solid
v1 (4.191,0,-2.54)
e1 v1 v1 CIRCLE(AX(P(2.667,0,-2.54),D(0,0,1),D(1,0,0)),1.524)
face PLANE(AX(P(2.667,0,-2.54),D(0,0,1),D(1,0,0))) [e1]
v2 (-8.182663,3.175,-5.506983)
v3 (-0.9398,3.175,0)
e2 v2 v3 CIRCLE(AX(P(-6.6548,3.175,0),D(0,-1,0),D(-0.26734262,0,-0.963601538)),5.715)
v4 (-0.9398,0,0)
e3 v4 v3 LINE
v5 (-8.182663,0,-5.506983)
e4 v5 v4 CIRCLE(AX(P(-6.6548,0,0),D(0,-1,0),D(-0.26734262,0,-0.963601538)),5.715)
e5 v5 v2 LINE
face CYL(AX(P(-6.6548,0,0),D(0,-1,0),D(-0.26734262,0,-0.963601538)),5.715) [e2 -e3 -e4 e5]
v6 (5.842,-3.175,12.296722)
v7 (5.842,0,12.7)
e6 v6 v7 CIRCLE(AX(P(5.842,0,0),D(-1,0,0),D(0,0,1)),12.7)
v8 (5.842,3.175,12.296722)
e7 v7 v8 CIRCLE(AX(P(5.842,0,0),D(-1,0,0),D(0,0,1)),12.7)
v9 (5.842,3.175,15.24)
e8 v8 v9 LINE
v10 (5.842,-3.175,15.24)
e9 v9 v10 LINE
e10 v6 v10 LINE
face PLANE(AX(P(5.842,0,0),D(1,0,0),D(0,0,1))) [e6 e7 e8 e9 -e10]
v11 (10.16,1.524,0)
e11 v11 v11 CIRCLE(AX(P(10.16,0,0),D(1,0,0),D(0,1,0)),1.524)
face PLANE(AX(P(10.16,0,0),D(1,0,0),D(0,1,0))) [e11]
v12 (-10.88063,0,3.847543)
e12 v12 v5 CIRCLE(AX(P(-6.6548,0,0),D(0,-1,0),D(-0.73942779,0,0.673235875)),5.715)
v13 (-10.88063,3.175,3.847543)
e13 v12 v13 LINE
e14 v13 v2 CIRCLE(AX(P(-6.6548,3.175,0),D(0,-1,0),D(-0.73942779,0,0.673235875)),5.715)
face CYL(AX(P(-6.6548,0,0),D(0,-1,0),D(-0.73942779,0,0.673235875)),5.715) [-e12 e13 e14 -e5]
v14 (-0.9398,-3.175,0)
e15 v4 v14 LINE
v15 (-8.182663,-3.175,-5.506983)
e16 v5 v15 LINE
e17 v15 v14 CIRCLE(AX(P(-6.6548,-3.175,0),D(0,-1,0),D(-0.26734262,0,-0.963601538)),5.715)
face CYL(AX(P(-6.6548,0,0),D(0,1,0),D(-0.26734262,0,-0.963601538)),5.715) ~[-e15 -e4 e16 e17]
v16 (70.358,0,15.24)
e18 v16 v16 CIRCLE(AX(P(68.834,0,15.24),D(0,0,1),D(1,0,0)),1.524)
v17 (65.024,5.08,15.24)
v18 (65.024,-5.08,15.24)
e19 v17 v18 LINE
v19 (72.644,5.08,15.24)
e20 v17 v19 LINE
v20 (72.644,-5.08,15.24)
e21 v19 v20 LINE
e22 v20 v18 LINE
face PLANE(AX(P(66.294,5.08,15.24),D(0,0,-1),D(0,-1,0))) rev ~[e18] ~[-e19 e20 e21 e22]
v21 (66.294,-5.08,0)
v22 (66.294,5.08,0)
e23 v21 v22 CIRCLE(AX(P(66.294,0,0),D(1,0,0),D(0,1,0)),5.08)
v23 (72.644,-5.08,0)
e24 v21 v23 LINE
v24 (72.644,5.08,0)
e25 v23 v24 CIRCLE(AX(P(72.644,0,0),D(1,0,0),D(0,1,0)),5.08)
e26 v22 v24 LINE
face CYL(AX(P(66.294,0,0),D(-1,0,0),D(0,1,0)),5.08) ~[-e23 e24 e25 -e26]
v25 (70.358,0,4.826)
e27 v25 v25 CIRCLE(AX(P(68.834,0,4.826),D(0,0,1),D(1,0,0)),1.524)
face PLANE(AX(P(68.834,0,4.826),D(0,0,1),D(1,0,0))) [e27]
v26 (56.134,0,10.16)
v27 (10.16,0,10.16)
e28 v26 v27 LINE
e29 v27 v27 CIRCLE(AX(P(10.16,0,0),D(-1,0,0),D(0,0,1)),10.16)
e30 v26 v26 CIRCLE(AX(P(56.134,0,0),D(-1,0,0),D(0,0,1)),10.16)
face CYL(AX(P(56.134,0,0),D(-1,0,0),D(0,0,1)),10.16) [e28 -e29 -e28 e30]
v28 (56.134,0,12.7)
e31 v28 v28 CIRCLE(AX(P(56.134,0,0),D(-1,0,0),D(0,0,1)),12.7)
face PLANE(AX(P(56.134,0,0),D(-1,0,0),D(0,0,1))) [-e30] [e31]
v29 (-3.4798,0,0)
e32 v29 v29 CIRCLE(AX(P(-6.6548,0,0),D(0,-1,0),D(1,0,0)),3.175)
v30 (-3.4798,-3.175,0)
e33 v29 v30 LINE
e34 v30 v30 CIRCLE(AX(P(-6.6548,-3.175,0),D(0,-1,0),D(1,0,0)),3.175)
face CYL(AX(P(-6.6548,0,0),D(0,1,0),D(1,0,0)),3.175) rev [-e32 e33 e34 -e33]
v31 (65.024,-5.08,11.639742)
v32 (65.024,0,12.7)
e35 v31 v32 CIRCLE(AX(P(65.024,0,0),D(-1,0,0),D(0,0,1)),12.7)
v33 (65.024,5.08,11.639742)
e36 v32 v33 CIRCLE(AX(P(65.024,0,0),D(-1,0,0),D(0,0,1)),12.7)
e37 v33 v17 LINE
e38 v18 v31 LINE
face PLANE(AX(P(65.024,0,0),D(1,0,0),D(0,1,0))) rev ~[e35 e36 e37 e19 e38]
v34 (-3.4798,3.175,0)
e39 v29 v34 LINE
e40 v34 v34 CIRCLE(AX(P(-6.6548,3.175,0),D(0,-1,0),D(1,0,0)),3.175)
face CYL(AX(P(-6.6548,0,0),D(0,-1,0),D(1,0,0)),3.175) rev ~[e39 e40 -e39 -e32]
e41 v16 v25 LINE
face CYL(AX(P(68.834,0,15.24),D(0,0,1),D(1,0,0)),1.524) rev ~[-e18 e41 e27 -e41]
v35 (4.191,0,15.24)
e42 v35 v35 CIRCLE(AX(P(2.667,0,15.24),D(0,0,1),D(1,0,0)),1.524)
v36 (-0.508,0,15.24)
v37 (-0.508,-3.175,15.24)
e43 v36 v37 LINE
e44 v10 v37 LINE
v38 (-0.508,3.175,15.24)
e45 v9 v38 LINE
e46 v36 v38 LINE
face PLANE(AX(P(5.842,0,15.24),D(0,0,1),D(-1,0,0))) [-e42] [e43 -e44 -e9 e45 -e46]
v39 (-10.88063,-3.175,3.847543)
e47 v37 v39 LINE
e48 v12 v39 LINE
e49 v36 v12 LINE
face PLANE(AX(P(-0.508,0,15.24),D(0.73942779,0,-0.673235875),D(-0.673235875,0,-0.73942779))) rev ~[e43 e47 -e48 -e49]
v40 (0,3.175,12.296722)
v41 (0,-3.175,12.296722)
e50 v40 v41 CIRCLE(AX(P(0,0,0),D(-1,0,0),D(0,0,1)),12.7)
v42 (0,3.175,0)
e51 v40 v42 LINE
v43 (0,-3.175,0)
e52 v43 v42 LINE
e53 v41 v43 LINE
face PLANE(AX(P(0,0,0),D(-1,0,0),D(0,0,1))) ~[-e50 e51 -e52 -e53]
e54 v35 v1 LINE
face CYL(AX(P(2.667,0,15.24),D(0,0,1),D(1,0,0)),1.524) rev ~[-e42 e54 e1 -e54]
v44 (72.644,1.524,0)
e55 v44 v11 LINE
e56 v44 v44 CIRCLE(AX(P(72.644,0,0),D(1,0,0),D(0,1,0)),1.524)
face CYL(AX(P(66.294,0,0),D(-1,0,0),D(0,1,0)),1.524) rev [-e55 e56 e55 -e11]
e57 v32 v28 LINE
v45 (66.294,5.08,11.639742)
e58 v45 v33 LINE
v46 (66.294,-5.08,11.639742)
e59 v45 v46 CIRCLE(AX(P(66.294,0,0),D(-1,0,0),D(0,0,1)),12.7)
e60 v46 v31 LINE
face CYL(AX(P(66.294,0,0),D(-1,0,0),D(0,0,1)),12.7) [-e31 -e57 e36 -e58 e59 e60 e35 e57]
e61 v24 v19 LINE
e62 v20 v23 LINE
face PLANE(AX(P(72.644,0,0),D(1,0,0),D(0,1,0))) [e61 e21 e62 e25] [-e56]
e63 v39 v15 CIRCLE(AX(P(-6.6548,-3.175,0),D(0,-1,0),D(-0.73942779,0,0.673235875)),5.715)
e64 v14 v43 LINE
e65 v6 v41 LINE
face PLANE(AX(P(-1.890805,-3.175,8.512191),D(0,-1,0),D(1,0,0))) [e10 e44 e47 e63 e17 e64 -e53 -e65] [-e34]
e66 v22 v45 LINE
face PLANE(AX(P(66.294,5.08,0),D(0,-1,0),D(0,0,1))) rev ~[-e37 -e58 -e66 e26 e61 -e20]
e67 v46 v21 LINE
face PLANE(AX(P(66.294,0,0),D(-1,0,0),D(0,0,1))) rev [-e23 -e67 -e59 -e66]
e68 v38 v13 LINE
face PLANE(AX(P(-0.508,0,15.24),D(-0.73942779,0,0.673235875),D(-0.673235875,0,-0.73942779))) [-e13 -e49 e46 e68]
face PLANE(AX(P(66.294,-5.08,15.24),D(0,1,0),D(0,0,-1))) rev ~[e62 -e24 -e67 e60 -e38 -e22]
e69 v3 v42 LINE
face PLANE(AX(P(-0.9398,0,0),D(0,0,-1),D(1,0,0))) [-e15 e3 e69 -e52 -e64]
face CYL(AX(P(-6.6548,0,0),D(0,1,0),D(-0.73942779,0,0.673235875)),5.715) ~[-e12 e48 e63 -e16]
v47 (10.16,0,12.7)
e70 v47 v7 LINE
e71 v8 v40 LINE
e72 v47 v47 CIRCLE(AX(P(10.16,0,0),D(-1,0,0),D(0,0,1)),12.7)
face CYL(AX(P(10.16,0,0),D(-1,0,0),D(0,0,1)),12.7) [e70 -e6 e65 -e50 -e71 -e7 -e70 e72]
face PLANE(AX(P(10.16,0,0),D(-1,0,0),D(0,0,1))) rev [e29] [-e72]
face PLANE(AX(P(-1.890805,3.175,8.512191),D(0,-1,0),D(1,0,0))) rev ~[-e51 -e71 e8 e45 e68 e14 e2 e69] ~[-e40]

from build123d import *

# Parameters (mm, degrees)
F0_W          = 5.842
F0_H          = 12.7
F0_R          = 3.175
F2_DEPTH      = 3.175
F3_R          = 1.524
F4_DEPTH      = 1.27
F4_DEPTH_BACK = 6.35
F5_DEPTH      = 56.134
F6_R          = 1.524
F7_DEPTH      = 17.78
F8_DEPTH      = 10.414


with BuildPart() as f1:
    # F0 (on Front) → F1 (revolve)
    with BuildSketch(Plane.XZ):
        Polygon((5.842, 12.7), (5.842, 0), (66.294, 0), (66.294, 12.7), (56.134, 12.7), (56.134, 10.16), (10.16, 10.16), (10.16, 12.7), align=None)
        with Locations((2.921, 6.35)):
            Rectangle(F0_W, F0_H)
    revolve(axis=Axis((33.147, 0, 0), (-1, 0, 0)))

    # F0 (on Front) → F2 (join, symmetric)
    with BuildSketch(Plane.XZ):
        with BuildLine():
            Line((-0.9398, 0), (0, 0))
            Line((0, 0), (0, 12.7))
            Line((0, 12.7), (5.842, 12.7))
            Line((5.842, 12.7), (5.842, 15.24))
            Line((5.842, 15.24), (-0.508, 15.24))
            Line((-0.508, 15.24), (-10.8806298187, 3.8475430269))
            ThreePointArc((-10.8806298187, 3.8475430269), (-4.5919612295, 5.3297205562), (-0.9398, 0))
        make_face()
        with BuildLine():
            ThreePointArc((-8.1826630726, -5.5069827884), (-3.1957909266, -4.5493385486), (-0.9398, 0))
            ThreePointArc((-0.9398, 0), (-4.5919612295, 5.3297205562), (-10.8806298187, 3.8475430269))
            ThreePointArc((-10.8806298187, 3.8475430269), (-12.1459778134, -1.5837270034), (-8.1826630726, -5.5069827884))
        make_face()
        with Locations((-6.6548, 0)):
            Circle(F0_R, mode=Mode.SUBTRACT)
        with Locations((2.921, 6.35)):
            Rectangle(F0_W, F0_H)
    extrude(amount=F2_DEPTH, both=True)

    # F3 (on face) → F4 (join, two sides)
    with BuildSketch(Plane.YZ.offset(66.294)) as f4_sk:
        with BuildLine():
            ThreePointArc((-5.08, 0), (0, -5.08), (5.08, 0))
            ThreePointArc((5.08, 0), (0, 5.08), (-5.08, 0))
        make_face()
        Circle(F3_R, mode=Mode.SUBTRACT)
        with BuildLine():
            ThreePointArc((-5.08, 0), (0, 5.08), (5.08, 0))
            Line((5.08, 0), (5.08, 15.24))
            Line((5.08, 15.24), (-5.08, 15.24))
            Line((-5.08, 15.24), (-5.08, 0))
        make_face()
    extrude(amount=-F4_DEPTH)
    extrude(f4_sk.sketch, amount=F4_DEPTH_BACK)

    # F3 (on face) → F5 (cut, through all)
    with BuildSketch(Plane.YZ.offset(66.294)):
        Circle(F3_R)
    extrude(amount=-F5_DEPTH, mode=Mode.SUBTRACT)

    # F6 (on face) → F7 (cut)
    with BuildSketch(Plane.XY.offset(15.24)):
        with Locations((2.667, 0)):
            Circle(F6_R)
    extrude(amount=-F7_DEPTH, mode=Mode.SUBTRACT)

    # F6 (on face) → F8 (cut)
    with BuildSketch(Plane.XY.offset(15.24)):
        with Locations((68.834, 0)):
            Circle(F6_R)
    extrude(amount=-F8_DEPTH, mode=Mode.SUBTRACT)


solid = f1.part
